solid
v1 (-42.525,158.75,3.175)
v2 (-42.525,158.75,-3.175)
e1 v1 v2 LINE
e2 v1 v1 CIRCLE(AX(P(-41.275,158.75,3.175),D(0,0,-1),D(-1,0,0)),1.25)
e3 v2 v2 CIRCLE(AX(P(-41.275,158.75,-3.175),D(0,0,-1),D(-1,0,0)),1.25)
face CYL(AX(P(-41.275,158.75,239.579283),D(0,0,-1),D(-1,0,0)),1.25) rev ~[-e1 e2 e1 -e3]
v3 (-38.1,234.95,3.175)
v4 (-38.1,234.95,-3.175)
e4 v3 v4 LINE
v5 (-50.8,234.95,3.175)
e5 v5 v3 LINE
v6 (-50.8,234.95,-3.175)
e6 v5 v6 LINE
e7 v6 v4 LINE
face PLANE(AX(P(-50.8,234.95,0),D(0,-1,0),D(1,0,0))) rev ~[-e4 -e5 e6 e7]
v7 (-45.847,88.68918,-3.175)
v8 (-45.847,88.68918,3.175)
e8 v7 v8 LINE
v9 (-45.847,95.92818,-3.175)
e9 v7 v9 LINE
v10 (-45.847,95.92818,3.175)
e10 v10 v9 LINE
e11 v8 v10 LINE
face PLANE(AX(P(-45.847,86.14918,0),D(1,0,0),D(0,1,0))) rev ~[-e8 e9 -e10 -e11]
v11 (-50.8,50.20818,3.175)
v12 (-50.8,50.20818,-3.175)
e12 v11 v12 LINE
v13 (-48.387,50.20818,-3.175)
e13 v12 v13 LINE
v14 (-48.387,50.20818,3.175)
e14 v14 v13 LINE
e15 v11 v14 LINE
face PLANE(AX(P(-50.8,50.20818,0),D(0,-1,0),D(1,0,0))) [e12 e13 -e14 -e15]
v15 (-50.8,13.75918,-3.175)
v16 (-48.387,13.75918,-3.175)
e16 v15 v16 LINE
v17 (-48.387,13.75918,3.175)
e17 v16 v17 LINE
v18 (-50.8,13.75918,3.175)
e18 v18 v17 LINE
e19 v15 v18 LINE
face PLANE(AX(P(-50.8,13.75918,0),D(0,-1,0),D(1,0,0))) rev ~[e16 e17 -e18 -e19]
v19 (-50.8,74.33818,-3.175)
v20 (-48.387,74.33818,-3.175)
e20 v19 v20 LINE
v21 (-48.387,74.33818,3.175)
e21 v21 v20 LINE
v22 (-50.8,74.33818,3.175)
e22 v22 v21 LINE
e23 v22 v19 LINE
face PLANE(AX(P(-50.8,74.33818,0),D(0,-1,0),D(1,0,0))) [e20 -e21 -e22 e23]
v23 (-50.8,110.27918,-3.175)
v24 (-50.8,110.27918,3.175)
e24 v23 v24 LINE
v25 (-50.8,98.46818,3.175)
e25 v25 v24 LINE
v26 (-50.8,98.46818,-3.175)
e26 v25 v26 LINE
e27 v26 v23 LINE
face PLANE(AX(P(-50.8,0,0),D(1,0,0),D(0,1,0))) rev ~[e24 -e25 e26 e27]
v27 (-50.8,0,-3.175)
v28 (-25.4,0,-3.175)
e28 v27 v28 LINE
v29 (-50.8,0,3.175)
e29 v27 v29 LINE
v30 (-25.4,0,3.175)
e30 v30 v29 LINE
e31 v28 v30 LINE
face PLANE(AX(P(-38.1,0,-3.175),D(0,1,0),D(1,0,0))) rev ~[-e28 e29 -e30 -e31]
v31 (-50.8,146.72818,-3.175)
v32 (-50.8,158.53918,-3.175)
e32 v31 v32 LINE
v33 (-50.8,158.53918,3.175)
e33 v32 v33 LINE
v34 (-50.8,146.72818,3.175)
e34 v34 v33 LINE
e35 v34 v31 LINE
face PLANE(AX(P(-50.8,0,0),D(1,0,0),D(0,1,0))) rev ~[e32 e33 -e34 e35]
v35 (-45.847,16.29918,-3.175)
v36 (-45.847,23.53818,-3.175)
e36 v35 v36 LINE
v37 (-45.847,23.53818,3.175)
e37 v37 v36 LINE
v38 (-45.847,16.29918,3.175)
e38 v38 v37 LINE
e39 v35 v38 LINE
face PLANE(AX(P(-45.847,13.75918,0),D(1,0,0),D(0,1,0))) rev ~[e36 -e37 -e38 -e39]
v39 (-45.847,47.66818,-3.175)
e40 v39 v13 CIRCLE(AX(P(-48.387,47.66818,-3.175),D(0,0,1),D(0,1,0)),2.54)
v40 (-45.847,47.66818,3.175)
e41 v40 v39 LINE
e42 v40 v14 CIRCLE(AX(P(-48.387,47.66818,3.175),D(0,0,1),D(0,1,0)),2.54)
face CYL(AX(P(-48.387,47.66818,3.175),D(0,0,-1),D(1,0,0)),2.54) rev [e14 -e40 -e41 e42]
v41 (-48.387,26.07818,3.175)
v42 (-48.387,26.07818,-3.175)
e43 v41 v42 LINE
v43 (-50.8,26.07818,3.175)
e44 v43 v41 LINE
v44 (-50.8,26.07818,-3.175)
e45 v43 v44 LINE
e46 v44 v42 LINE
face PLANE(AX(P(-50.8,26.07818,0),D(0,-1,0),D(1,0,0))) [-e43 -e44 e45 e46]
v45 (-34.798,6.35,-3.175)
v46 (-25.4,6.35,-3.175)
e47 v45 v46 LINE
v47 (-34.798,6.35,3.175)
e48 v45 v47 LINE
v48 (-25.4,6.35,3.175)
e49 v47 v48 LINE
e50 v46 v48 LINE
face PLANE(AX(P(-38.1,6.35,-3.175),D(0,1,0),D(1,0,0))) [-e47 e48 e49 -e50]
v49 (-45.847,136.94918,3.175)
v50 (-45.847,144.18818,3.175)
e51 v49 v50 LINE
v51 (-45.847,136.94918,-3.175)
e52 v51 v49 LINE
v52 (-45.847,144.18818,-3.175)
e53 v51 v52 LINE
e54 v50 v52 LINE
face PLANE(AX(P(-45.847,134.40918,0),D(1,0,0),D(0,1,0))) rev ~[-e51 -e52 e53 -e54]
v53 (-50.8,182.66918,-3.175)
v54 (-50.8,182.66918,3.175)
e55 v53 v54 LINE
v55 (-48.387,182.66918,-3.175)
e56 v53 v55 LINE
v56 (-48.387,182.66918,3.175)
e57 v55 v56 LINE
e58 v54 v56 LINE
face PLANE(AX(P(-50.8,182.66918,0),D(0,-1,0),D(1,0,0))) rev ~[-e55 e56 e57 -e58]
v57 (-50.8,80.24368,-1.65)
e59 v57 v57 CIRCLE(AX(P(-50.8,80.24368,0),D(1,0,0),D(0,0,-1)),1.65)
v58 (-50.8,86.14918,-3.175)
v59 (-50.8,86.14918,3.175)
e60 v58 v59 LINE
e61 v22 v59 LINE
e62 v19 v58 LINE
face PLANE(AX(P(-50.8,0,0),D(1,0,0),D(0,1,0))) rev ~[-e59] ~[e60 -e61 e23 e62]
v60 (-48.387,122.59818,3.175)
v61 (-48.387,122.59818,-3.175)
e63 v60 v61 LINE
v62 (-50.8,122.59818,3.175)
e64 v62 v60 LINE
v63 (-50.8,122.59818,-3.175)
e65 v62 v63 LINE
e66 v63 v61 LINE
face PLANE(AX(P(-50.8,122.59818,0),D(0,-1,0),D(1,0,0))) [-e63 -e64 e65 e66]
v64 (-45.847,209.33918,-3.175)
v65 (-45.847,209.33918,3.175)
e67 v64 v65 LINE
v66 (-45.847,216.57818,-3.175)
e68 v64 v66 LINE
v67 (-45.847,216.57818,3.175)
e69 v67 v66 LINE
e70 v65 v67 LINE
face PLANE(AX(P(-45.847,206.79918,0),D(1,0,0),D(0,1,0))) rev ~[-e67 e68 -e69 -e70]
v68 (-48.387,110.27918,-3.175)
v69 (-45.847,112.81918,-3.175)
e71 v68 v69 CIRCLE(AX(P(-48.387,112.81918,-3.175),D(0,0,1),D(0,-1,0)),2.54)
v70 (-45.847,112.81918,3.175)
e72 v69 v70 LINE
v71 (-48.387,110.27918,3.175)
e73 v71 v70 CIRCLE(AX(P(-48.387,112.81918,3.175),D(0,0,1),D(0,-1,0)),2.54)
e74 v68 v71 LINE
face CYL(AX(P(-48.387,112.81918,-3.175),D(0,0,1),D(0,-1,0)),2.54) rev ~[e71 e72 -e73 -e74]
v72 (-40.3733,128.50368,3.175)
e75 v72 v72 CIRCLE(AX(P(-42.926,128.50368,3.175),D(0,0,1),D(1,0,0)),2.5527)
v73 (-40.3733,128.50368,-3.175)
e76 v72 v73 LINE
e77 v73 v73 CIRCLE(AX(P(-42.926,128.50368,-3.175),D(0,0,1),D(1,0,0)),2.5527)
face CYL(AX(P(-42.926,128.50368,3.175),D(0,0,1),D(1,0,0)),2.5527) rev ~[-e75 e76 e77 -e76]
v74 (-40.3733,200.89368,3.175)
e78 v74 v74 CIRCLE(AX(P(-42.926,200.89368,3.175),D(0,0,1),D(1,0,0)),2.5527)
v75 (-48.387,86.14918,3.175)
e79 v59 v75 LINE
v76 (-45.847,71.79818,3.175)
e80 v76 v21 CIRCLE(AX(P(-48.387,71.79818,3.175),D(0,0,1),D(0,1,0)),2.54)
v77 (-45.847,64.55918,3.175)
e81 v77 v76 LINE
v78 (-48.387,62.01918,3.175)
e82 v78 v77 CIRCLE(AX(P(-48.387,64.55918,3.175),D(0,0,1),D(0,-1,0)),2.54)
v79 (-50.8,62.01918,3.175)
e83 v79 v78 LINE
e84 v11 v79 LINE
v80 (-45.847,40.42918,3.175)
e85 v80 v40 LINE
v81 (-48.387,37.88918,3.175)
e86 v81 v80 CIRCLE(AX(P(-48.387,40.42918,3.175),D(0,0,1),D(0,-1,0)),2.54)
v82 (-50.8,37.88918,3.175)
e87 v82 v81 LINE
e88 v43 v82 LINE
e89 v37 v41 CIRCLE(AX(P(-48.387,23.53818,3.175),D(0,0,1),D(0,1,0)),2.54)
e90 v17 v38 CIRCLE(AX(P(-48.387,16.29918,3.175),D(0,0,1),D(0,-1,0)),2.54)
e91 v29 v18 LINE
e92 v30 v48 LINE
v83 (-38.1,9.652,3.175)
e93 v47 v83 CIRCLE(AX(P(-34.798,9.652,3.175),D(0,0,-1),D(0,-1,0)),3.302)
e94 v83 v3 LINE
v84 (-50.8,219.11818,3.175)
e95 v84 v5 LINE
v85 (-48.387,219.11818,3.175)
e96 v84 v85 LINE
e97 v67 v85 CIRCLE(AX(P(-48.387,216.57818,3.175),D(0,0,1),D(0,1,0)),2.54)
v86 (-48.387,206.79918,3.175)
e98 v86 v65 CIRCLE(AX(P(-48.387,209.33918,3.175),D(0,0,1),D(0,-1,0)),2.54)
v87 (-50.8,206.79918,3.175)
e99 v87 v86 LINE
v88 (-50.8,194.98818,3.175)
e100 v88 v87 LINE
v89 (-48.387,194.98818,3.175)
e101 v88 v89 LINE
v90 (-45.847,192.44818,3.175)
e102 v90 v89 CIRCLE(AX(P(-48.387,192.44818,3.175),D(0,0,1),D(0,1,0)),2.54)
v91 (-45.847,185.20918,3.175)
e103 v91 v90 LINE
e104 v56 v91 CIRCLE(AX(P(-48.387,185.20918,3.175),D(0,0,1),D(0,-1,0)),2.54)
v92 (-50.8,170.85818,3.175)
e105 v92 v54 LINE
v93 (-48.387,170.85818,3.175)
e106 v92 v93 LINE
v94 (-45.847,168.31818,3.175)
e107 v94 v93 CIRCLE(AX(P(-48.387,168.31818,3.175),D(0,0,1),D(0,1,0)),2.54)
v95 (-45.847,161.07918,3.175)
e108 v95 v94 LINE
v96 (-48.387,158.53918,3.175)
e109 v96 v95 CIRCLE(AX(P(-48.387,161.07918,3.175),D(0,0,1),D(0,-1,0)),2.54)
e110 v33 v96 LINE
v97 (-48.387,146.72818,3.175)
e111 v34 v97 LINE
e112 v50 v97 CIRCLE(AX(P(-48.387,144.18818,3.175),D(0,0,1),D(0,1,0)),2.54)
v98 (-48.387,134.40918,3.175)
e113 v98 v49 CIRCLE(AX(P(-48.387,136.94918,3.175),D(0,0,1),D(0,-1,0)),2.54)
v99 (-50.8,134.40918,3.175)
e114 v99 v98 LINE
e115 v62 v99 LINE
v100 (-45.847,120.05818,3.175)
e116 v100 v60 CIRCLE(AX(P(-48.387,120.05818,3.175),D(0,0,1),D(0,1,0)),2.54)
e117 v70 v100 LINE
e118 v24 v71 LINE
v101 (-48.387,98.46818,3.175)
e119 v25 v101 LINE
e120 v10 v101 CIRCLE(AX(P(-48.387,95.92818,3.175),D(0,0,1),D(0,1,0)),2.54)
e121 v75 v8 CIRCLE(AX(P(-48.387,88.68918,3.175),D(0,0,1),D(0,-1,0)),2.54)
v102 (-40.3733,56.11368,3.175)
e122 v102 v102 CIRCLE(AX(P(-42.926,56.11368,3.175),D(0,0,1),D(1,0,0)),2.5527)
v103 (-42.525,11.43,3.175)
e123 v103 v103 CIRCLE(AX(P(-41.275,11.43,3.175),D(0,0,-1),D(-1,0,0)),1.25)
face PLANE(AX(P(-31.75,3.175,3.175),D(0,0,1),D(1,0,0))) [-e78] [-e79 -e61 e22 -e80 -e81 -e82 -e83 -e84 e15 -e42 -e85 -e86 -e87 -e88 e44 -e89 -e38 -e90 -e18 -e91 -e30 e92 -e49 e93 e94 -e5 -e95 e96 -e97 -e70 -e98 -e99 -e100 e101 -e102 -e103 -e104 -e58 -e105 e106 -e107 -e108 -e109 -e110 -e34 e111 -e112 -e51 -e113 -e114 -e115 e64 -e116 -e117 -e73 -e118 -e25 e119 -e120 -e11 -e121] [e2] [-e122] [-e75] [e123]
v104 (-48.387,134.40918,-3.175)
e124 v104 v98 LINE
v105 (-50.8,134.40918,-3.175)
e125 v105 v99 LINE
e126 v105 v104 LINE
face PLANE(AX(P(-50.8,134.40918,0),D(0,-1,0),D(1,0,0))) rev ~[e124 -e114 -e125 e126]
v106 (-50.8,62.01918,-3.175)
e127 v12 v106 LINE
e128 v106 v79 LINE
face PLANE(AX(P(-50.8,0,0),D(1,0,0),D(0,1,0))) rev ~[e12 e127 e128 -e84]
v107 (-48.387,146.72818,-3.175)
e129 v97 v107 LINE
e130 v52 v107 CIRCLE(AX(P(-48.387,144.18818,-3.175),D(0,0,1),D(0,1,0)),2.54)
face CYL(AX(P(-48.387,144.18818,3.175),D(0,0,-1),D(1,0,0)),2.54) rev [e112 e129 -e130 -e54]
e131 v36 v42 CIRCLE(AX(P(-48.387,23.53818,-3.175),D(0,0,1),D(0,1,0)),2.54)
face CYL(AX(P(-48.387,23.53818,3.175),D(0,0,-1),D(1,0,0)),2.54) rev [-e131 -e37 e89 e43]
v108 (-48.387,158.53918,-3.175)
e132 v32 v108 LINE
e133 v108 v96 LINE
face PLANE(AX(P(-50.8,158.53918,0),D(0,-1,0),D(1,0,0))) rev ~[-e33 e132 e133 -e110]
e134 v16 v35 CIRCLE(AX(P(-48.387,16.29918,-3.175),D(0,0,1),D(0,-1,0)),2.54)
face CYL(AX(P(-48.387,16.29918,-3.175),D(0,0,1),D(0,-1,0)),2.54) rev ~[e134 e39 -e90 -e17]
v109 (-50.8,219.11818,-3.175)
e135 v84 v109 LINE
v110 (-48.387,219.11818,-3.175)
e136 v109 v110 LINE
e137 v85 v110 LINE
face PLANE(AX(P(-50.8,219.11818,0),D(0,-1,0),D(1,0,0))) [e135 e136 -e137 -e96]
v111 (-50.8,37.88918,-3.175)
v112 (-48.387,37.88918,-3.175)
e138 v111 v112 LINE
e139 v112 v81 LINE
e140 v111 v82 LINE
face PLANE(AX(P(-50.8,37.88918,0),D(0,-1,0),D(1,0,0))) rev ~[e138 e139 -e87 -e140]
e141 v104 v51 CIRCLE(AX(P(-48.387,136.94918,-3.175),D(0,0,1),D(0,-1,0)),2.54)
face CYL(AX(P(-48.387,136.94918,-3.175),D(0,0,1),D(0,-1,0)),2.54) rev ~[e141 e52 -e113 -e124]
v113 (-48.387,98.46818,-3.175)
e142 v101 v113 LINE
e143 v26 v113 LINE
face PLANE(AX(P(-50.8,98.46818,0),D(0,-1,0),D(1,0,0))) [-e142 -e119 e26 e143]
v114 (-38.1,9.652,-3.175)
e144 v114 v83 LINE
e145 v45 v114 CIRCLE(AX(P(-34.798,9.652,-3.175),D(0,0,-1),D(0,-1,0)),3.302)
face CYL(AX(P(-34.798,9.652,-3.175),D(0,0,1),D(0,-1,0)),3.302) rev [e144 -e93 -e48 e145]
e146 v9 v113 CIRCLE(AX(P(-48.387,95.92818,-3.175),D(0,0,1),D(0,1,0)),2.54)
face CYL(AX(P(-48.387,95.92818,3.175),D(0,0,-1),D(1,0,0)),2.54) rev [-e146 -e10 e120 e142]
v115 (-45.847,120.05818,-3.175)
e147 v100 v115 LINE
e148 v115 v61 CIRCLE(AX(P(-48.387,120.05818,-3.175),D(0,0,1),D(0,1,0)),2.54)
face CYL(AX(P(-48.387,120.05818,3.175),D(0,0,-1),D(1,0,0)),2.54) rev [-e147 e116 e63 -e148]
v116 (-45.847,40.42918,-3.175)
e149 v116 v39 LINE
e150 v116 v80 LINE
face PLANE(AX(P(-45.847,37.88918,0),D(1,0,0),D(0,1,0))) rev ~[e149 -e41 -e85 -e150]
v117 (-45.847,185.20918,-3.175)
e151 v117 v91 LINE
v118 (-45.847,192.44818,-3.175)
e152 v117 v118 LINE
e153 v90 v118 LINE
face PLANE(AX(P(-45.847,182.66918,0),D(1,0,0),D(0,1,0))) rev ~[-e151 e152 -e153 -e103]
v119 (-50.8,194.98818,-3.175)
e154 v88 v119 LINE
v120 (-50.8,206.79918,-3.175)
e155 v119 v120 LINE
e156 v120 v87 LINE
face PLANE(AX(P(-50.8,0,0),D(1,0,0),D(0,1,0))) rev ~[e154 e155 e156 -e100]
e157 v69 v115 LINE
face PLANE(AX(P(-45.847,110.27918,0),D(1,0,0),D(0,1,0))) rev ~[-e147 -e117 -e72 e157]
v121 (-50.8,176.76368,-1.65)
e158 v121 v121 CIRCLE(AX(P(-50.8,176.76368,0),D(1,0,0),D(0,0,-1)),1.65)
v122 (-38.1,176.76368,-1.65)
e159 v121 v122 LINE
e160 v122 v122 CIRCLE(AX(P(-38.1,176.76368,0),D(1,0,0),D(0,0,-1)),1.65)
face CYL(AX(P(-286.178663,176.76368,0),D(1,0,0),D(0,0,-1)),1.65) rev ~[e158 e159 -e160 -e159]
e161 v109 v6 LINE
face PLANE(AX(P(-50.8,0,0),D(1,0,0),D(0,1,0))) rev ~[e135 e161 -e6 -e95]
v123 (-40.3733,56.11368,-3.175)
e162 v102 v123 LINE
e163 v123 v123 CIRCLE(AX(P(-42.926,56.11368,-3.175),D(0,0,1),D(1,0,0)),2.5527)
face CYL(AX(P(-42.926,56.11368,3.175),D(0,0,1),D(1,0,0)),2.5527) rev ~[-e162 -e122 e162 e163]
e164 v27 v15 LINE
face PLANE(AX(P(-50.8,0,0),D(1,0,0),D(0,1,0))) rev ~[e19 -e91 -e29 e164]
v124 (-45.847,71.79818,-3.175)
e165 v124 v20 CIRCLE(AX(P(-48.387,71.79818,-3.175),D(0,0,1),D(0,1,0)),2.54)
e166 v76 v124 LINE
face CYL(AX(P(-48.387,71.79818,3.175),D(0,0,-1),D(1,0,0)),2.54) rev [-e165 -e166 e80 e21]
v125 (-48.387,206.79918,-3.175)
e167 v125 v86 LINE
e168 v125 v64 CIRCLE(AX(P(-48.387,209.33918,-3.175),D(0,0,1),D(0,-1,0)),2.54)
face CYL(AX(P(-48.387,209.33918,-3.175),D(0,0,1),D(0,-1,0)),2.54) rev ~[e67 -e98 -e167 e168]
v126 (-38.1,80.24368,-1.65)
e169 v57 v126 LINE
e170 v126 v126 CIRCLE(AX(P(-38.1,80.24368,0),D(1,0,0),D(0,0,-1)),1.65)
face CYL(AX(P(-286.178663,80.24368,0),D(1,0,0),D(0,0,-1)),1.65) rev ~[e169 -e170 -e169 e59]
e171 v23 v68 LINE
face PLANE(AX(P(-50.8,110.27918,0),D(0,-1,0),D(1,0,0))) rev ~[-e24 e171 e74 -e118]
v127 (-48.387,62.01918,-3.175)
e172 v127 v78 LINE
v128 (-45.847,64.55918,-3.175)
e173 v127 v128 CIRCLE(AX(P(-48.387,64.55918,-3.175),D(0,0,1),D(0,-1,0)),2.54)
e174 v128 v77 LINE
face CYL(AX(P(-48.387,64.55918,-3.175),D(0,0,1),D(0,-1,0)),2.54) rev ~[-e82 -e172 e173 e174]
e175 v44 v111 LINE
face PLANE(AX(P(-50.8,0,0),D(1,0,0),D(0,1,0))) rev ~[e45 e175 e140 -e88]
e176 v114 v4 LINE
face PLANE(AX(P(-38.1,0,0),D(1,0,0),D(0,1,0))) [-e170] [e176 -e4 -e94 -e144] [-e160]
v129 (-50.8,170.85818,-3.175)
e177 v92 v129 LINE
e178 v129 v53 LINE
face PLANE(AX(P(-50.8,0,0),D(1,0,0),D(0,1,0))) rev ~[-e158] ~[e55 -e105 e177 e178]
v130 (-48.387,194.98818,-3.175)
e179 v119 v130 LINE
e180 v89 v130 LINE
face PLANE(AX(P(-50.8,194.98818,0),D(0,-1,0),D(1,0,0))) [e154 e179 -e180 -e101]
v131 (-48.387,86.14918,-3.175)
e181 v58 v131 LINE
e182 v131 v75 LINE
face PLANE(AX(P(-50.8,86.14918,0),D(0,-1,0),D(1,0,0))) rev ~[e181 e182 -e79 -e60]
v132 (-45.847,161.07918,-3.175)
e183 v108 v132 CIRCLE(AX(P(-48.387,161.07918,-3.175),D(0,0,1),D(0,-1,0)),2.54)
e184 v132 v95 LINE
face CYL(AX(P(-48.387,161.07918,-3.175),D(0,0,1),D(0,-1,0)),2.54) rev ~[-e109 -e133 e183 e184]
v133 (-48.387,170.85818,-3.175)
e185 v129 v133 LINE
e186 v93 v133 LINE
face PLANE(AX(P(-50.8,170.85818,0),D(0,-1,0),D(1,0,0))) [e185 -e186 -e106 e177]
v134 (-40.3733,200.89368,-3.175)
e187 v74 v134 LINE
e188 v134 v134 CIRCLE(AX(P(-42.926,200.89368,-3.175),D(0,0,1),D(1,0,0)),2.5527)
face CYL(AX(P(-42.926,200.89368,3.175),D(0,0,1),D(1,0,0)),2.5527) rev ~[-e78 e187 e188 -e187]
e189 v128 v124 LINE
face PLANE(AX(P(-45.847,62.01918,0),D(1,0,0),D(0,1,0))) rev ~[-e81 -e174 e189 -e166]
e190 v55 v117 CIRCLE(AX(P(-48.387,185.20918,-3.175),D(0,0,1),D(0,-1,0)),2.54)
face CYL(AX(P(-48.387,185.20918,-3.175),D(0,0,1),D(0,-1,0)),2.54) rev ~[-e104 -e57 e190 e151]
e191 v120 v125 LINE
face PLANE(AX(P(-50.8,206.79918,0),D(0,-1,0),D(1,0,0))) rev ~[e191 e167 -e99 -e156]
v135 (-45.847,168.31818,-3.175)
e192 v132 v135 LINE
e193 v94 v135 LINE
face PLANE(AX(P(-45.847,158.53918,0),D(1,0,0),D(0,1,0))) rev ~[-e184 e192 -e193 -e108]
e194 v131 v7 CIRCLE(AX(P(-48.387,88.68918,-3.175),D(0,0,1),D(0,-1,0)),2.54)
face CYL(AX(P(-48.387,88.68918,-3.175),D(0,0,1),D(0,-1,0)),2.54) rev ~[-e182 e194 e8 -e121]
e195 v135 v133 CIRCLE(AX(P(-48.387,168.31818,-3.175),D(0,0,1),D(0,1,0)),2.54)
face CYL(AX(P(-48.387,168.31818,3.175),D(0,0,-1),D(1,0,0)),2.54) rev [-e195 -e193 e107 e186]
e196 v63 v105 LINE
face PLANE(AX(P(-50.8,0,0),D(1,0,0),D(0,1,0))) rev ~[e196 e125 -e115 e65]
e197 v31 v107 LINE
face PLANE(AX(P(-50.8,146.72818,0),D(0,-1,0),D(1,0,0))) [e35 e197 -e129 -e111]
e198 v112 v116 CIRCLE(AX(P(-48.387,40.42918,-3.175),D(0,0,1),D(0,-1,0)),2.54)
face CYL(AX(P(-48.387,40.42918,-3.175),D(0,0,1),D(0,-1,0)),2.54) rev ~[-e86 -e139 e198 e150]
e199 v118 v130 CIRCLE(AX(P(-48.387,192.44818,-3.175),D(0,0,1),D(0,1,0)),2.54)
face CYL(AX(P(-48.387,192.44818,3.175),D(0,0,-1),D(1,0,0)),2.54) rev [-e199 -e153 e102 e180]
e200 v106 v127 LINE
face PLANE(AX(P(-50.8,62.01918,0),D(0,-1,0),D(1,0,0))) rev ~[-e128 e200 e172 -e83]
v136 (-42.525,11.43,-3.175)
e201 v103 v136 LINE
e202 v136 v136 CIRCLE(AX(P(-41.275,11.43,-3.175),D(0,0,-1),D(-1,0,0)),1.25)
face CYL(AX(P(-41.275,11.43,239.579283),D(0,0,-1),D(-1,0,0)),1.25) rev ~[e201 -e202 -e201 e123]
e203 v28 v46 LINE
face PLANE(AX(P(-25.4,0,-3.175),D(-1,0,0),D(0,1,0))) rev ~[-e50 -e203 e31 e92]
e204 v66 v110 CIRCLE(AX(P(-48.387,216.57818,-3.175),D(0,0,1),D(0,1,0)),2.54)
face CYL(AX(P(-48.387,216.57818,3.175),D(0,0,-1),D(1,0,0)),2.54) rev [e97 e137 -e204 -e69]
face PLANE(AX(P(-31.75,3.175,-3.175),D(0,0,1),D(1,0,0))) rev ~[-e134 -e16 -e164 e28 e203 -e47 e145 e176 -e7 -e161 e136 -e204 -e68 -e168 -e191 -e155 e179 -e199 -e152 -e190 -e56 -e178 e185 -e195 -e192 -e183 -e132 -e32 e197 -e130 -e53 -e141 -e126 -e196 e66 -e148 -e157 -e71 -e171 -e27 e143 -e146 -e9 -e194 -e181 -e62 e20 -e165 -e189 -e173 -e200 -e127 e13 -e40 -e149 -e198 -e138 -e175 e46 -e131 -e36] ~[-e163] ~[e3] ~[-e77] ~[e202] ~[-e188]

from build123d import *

# Parameters (mm, degrees)
SKETCH1_W              = 12.7
SKETCH1_H              = 234.95
BOSS_EXTRUDE1_DEPTH    = 3.175
SKETCH2_W              = 4.953
SKETCH2_H              = 12.319
CUT_EXTRUDE1_DEPTH     = 241.400131292
FILLET1_R              = 2.54
LPATTERN3_COUNT        = 9
LPATTERN3_PITCH        = 24.13
FILLET1_OF_LPATTERN3_R = 2.54
M4X0_7_TAPPED_HOLE1_D  = 3.3
BOSS_EXTRUDE2_START    = -3.175
SKETCH5_W              = 12.7
SKETCH5_H              = 6.35
BOSS_EXTRUDE2_DEPTH    = 6.35
M3X0_5_TAPPED_HOLE1_D  = 2.5
FILLET2_R              = 3.302
SKETCH8_R              = 2.5527
CUT_EXTRUDE2_DEPTH     = 241.463022105


with BuildPart() as part:
    # Sketch1 → Boss-Extrude1 (new, symmetric)
    with BuildSketch(Plane.XY):
        with Locations((-44.45, 117.475)):
            Rectangle(SKETCH1_W, SKETCH1_H)
    extrude(amount=BOSS_EXTRUDE1_DEPTH, both=True)

    # Sketch2 → Cut-Extrude1 (cut, symmetric)
    with BuildSketch(Plane.XY):
        with Locations((-48.3235, 19.91868)):
            Rectangle(SKETCH2_W, SKETCH2_H)
    cut_extrude1 = extrude(amount=CUT_EXTRUDE1_DEPTH, both=True, mode=Mode.SUBTRACT)

    # Fillet1
    fillet1_edges = [part.edges().sort_by_distance(p)[0] for p in [
        (-45.847, 26.07818, 0),
        (-45.847, 13.75918, 0),
    ]]
    fillet(fillet1_edges, radius=FILLET1_R)

    # LPattern3: Cut-Extrude1 ×9
    with Locations(*[(0, i * LPATTERN3_PITCH, 0) for i in range(1, LPATTERN3_COUNT)]):
        add(cut_extrude1, mode=Mode.SUBTRACT)

    # Fillet1 of LPattern3
    fillet1_of_lpattern3_edges = [part.edges().sort_by_distance(p)[0] for p in [
        (-45.847, 50.20818, 0),
        (-45.847, 37.88918, 0),
        (-45.847, 74.33818, 0),
        (-45.847, 62.01918, 0),
        (-45.847, 98.46818, 0),
        (-45.847, 86.14918, 0),
        (-45.847, 122.59818, 0),
        (-45.847, 110.27918, 0),
        (-45.847, 146.72818, 0),
        (-45.847, 134.40918, 0),
        (-45.847, 170.85818, 0),
        (-45.847, 158.53918, 0),
        (-45.847, 194.98818, 0),
        (-45.847, 182.66918, 0),
        (-45.847, 219.11818, 0),
        (-45.847, 206.79918, 0),
    ]]
    fillet(fillet1_of_lpattern3_edges, radius=FILLET1_OF_LPATTERN3_R)

    # M4x0.7 Tapped Hole1 (through all)
    with Locations(Plane.ZY.offset(50.8)):
        with Locations((0, 80.24368), (0, 176.76368)):
            Hole(M4X0_7_TAPPED_HOLE1_D / 2)

    # Sketch5 → Boss-Extrude2 (add)
    with BuildSketch(Plane.XY.offset(BOSS_EXTRUDE2_START)):
        with Locations((-31.75, 3.175)):
            Rectangle(SKETCH5_W, SKETCH5_H)
    extrude(amount=BOSS_EXTRUDE2_DEPTH)

    # M3x0.5 Tapped Hole1 (through all)
    with Locations(Plane.XY.offset(3.175)):
        with Locations((-41.275, 11.43), (-41.275, 158.75)):
            Hole(M3X0_5_TAPPED_HOLE1_D / 2)

    # Fillet2
    fillet2_edges = [part.edges().sort_by_distance(p)[0] for p in [
        (-38.1, 6.35, 0),
    ]]
    fillet(fillet2_edges, radius=FILLET2_R)

    # Sketch8 → Cut-Extrude2 (cut, through all)
    with BuildSketch(Plane.XY.offset(3.175)):
        with Locations((-42.926, 200.89368)):
            Circle(SKETCH8_R)
        with Locations((-42.926, 56.11368)):
            Circle(SKETCH8_R)
        with Locations((-42.926, 128.50368)):
            Circle(SKETCH8_R)
    extrude(amount=-CUT_EXTRUDE2_DEPTH, mode=Mode.SUBTRACT)


solid = part.part
